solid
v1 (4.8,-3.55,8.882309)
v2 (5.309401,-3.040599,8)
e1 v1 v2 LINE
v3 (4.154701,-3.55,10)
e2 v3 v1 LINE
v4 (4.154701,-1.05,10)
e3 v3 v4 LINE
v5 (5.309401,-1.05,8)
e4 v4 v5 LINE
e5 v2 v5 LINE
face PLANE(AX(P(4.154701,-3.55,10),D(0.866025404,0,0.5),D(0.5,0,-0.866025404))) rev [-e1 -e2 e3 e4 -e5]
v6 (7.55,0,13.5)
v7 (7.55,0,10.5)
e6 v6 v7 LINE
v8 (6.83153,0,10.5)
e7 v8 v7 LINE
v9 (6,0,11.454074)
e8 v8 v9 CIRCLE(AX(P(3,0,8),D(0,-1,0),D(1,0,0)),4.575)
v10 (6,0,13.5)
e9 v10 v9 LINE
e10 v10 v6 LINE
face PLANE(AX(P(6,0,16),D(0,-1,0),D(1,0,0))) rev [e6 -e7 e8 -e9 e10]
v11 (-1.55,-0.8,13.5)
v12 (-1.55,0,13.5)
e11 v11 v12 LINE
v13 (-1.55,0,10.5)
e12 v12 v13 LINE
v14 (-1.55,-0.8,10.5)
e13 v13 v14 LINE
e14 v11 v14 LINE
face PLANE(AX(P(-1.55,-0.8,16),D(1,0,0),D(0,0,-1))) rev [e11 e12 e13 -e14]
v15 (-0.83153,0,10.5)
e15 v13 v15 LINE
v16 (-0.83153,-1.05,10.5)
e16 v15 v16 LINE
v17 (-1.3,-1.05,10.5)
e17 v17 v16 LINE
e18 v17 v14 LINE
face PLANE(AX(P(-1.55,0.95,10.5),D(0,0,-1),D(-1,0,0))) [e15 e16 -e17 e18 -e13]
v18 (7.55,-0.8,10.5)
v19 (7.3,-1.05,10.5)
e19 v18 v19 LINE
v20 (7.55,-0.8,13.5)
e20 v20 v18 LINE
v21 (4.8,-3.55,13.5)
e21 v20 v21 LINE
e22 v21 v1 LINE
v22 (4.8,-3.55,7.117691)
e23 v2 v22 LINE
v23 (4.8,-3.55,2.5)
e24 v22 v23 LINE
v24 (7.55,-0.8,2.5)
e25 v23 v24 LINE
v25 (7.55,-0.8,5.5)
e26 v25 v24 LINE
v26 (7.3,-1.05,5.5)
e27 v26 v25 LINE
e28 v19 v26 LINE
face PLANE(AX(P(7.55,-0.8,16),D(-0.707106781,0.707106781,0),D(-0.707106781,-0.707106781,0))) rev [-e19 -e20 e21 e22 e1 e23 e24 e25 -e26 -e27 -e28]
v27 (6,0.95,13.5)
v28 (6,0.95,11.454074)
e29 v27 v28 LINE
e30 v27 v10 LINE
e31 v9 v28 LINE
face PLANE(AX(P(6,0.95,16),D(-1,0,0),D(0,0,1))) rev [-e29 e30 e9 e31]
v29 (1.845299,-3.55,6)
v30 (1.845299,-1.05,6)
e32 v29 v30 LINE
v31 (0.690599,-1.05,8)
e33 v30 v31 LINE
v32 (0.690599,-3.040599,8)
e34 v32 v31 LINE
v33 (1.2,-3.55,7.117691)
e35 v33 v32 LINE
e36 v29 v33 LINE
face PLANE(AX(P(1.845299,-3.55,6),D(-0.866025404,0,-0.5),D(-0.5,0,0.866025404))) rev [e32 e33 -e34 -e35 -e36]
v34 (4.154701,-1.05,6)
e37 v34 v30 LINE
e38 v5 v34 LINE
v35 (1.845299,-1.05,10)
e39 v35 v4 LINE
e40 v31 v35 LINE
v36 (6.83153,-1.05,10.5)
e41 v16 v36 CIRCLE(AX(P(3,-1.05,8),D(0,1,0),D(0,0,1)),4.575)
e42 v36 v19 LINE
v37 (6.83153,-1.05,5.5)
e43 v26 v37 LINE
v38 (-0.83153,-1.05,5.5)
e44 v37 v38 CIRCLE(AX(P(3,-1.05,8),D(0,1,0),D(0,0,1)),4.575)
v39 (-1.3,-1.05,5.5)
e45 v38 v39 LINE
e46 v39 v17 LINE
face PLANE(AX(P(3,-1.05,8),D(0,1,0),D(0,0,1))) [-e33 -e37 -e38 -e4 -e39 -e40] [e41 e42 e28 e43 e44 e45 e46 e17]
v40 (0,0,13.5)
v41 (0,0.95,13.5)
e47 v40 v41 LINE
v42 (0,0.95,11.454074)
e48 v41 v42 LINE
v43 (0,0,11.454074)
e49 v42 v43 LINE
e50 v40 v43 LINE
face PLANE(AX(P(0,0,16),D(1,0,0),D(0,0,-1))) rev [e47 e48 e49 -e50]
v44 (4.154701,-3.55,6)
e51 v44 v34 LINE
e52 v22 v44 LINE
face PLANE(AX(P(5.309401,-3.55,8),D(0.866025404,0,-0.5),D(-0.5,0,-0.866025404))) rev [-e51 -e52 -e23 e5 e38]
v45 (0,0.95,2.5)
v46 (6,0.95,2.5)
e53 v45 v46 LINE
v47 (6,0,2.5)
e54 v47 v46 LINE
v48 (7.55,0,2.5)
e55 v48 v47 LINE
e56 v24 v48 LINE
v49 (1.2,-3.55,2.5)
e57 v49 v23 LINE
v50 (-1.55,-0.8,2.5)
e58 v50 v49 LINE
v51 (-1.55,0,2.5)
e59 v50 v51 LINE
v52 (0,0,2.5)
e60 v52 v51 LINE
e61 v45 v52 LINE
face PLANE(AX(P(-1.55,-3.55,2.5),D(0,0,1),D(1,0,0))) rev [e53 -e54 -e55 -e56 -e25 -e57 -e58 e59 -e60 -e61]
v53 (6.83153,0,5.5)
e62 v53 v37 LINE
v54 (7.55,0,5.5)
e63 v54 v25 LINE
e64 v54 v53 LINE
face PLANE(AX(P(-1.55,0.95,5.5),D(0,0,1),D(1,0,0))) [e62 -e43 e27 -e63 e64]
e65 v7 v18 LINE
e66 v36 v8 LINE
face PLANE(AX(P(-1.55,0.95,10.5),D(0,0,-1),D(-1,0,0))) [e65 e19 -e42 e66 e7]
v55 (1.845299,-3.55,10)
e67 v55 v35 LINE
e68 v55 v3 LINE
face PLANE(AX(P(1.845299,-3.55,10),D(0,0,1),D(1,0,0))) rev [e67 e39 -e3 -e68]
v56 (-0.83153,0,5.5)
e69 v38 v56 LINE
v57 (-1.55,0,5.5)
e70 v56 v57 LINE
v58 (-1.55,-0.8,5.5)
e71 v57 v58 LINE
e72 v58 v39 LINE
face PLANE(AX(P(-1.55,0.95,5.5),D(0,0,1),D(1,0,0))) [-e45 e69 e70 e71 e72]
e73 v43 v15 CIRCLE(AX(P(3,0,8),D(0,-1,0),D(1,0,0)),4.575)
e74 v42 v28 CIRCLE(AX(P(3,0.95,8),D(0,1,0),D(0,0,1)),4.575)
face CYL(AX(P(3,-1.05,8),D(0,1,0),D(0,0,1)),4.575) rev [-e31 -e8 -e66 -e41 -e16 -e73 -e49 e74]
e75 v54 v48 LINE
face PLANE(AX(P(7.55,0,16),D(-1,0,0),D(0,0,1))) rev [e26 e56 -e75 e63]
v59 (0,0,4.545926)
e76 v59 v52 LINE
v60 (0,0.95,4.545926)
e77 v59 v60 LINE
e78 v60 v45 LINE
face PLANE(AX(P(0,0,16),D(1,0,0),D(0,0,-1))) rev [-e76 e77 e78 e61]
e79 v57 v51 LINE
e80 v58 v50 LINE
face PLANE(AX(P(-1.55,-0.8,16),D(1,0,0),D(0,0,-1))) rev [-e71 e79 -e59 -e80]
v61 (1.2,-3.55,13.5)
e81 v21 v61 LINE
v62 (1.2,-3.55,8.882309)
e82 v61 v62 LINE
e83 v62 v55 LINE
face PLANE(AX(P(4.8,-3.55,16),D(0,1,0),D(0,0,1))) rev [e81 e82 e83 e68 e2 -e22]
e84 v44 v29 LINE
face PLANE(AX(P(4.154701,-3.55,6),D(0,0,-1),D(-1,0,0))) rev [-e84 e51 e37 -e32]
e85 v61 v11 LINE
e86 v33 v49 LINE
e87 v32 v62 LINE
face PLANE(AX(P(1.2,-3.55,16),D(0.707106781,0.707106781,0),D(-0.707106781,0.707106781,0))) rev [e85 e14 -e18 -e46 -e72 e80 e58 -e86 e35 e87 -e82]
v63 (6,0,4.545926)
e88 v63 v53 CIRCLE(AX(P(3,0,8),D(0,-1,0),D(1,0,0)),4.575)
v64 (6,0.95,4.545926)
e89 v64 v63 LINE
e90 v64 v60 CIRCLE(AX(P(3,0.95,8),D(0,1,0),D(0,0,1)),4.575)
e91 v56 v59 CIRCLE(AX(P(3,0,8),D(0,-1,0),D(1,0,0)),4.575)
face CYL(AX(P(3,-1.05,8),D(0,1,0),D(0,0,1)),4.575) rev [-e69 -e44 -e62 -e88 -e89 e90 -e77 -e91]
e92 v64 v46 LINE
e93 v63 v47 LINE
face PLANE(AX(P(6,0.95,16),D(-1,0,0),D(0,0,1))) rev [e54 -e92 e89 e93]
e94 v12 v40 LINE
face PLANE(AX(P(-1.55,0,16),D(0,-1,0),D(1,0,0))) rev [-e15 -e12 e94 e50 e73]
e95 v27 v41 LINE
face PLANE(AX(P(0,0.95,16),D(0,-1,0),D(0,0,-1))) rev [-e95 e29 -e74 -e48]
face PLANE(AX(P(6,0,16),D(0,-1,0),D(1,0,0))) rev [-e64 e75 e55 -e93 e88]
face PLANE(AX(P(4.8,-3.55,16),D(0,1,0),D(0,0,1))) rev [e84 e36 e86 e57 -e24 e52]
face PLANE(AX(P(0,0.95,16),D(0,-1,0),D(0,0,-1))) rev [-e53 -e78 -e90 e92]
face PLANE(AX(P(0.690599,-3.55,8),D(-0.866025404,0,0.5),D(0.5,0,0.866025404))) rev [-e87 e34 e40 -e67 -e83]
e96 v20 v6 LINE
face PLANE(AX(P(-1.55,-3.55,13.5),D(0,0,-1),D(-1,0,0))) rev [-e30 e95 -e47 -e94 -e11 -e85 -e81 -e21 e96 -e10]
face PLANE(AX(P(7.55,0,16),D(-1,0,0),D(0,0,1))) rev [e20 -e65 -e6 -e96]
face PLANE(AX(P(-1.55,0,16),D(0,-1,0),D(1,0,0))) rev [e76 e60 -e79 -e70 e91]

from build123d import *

# Parameters (mm, degrees)
BOSS_EXTRUDE1_DEPTH = 16
SKETCH2_R           = 4.575
CUT_EXTRUDE1_DEPTH  = 2
CUT_EXTRUDE2_DEPTH  = 18.867638344
SKETCH5_W           = 9.1
SKETCH5_H           = 5
CUT_EXTRUDE4_DEPTH  = 18.867638344
SKETCH6_W           = 9.1
SKETCH6_H           = 2.5
CUT_EXTRUDE5_DEPTH  = 19.255204737


with BuildPart() as part:
    # Sketch1 → Boss-Extrude1 (new body)
    with BuildSketch(Plane.XY):
        Polygon((0, 0), (0, 0.95), (6, 0.95), (6, 0), (7.55, 0), (7.55, -0.8), (4.8, -3.55), (1.2, -3.55), (-1.55, -0.8), (-1.55, 0), align=None)
    extrude(amount=BOSS_EXTRUDE1_DEPTH)

    # Sketch2 → Cut-Extrude1 (cut)
    with BuildSketch(Plane(origin=(0, 0.95, 0), x_dir=(1, 0, 0), z_dir=(0, 1, 0))):
        with Locations((3, -8)):
            Circle(SKETCH2_R)
    extrude(amount=-CUT_EXTRUDE1_DEPTH, mode=Mode.SUBTRACT)

    # Sketch3 → Cut-Extrude2 (cut, through all)
    with BuildSketch(Plane(origin=(0, -1.05, 0), x_dir=(1, 0, 0), z_dir=(0, 1, 0))):
        Polygon((5.309401077, -8), (4.154700538, -6), (1.845299462, -6), (0.690598923, -8), (1.845299462, -10), (4.154700538, -10), align=None)
    extrude(amount=-CUT_EXTRUDE2_DEPTH, mode=Mode.SUBTRACT)

    # Sketch5 → Cut-Extrude4 (cut, through all)
    with BuildSketch(Plane(origin=(0, -1.05, 0), x_dir=(1, 0, 0), z_dir=(0, 1, 0))):
        with Locations((3, -8)):
            Rectangle(SKETCH5_W, SKETCH5_H)
    extrude(amount=CUT_EXTRUDE4_DEPTH, mode=Mode.SUBTRACT)

    # Sketch6 → Cut-Extrude5 (cut, through all)
    with BuildSketch(Plane(origin=(0, 0.95, 0), x_dir=(1, 0, 0), z_dir=(0, 1, 0))):
        with Locations((3, -1.25)):
            Rectangle(SKETCH6_W, SKETCH6_H)
        with Locations((3, -14.75)):
            Rectangle(SKETCH6_W, SKETCH6_H)
    extrude(amount=-CUT_EXTRUDE5_DEPTH, mode=Mode.SUBTRACT)


solid = part.part
